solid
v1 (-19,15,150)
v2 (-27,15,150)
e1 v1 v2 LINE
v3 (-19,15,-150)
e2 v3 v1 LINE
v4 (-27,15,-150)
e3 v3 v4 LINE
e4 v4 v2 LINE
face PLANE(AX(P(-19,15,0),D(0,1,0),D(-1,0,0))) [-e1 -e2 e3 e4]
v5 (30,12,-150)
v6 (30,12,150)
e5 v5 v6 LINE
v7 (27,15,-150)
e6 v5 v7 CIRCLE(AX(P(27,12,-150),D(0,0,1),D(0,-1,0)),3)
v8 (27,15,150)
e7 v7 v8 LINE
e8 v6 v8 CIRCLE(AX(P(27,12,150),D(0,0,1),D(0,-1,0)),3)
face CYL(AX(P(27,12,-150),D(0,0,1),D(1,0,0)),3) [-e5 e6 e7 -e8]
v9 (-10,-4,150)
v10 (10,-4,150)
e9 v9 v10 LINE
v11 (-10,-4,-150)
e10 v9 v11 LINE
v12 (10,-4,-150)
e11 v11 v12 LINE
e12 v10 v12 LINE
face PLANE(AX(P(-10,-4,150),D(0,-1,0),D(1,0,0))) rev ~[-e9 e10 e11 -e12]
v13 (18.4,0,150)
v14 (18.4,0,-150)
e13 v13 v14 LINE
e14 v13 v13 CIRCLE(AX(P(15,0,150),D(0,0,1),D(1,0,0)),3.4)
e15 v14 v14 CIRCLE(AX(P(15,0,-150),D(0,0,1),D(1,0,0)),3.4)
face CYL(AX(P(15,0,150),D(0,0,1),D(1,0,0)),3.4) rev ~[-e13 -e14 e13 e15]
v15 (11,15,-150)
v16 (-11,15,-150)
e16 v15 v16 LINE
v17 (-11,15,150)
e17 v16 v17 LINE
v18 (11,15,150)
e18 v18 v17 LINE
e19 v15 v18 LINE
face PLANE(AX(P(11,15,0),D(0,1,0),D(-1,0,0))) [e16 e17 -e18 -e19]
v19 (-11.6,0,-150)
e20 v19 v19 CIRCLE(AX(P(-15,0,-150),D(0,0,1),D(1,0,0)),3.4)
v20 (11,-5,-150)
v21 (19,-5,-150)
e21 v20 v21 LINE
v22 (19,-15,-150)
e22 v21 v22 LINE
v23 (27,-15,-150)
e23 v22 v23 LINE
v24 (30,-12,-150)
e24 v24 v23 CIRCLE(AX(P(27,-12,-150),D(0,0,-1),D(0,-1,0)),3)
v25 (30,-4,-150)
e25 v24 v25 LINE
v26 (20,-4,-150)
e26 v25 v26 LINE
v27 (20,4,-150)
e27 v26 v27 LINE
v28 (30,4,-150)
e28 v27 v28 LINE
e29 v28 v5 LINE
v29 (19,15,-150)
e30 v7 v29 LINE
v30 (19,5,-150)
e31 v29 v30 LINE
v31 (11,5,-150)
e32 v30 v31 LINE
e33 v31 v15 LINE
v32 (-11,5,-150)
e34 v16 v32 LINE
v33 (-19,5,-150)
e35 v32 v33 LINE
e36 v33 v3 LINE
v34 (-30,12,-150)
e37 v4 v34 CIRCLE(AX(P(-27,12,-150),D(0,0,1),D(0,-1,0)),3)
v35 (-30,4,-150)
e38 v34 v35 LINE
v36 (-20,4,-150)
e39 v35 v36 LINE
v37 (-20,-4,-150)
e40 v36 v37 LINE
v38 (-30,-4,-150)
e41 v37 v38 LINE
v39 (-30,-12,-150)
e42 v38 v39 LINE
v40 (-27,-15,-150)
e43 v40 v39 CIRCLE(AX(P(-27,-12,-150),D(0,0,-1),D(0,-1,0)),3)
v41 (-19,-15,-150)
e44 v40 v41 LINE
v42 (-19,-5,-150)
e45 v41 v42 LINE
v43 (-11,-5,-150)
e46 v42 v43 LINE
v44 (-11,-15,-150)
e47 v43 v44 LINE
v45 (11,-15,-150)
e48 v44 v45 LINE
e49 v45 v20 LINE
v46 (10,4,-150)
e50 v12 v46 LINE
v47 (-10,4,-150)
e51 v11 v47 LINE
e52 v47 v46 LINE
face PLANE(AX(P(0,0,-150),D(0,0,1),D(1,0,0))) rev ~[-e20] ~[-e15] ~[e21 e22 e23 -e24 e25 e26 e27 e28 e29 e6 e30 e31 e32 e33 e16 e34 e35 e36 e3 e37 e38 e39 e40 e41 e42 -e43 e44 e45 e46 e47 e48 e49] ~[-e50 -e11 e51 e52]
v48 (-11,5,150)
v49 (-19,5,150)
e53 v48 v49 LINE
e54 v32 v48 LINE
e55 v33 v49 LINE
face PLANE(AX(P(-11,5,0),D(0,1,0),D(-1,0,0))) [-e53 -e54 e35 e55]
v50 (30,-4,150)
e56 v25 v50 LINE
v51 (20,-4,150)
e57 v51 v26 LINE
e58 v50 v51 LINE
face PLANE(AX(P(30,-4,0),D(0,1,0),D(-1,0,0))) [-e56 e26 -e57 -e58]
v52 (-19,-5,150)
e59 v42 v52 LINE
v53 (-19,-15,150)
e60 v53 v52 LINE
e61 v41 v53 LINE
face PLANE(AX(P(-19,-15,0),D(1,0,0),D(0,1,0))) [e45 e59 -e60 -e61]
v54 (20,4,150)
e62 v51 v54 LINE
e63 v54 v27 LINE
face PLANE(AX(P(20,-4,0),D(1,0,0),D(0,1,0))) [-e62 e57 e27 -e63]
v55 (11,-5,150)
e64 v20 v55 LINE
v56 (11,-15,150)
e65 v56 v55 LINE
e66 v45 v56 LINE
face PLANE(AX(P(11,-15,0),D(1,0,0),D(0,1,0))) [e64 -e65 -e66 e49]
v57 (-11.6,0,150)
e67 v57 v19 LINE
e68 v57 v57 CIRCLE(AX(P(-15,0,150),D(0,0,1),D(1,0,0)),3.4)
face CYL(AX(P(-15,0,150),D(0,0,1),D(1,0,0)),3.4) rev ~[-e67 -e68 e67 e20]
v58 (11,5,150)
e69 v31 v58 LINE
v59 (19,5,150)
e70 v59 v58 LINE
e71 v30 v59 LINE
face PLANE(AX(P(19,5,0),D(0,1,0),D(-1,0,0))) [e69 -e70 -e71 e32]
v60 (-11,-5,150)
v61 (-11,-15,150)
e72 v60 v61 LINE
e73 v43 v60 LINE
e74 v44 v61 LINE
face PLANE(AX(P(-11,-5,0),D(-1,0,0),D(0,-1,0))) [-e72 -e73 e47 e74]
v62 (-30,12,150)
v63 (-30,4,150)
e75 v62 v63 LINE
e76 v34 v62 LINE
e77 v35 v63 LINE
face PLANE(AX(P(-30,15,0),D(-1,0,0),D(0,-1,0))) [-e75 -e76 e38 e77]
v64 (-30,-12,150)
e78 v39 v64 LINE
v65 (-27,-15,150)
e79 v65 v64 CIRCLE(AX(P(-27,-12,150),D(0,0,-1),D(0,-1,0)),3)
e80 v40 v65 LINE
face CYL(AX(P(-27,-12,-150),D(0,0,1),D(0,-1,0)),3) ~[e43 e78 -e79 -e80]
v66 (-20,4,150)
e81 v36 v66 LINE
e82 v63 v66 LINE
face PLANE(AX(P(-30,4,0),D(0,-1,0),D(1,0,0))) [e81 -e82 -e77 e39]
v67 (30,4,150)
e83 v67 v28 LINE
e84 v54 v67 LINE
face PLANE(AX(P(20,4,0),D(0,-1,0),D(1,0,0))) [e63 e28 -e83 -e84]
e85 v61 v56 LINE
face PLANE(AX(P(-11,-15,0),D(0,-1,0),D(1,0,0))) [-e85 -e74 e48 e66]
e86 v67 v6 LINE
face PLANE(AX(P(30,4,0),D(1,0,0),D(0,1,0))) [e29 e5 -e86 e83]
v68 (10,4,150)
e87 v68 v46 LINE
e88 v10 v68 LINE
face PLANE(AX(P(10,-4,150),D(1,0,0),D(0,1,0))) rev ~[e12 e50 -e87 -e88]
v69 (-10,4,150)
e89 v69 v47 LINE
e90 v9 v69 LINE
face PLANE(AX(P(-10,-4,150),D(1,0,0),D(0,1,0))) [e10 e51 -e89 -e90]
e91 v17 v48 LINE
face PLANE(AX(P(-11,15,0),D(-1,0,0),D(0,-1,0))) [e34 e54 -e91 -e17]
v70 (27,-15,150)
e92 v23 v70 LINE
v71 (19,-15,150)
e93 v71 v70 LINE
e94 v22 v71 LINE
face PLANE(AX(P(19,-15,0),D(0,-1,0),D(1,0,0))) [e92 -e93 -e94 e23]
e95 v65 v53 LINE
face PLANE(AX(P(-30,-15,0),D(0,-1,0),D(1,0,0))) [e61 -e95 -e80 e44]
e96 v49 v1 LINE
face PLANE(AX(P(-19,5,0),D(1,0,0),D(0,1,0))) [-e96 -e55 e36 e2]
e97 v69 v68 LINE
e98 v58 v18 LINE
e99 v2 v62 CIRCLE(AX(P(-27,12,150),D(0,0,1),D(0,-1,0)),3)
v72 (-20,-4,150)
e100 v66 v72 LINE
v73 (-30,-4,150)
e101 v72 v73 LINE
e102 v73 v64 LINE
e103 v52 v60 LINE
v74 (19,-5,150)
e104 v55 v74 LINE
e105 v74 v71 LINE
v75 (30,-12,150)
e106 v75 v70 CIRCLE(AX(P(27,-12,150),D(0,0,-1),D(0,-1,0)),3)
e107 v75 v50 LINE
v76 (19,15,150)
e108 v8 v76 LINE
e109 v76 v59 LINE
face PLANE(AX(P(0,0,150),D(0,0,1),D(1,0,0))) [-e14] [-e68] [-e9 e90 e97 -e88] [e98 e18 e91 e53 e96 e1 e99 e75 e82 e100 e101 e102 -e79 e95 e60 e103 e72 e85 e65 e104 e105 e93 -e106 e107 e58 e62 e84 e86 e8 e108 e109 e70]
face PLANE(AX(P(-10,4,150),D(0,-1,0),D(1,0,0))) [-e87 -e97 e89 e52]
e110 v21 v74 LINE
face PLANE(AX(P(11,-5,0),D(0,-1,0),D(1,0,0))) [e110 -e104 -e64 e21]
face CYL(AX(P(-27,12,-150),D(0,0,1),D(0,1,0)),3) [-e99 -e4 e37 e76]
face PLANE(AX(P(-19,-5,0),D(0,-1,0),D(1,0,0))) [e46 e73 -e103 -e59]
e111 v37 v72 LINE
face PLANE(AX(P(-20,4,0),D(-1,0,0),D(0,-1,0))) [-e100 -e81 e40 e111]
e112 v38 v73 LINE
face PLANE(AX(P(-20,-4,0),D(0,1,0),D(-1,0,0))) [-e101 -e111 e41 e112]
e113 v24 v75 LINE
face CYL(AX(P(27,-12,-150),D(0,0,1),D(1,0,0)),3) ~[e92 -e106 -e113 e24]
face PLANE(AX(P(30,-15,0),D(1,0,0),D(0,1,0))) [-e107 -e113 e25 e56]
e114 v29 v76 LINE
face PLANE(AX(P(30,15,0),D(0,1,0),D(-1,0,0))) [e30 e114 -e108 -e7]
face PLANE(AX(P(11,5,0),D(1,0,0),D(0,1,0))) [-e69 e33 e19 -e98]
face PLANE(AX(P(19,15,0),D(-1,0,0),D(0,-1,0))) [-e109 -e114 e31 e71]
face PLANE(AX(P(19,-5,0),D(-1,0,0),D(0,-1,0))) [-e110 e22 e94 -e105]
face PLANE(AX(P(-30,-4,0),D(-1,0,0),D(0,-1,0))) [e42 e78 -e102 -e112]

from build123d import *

# Parameters (mm, degrees)
F1_DEPTH = 150
F2_W     = 20
F2_H     = 8
F2_R     = 3.4
F3_DEPTH = 300
F4_R     = 3


with BuildPart() as f1:
    # F0 (on Top) → F1 (new body, symmetric)
    with BuildSketch(Plane.XY):
        Polygon((30, 4), (30, 15), (19, 15), (19, 5), (11, 5), (11, 15), (-11, 15), (-11, 5), (-19, 5), (-19, 15), (-30, 15), (-30, 4), (-20, 4), (-20, -4), (-30, -4), (-30, -15), (-19, -15), (-19, -5), (-11, -5), (-11, -15), (11, -15), (11, -5), (19, -5), (19, -15), (30, -15), (30, -4), (20, -4), (20, 4), align=None)
    extrude(amount=F1_DEPTH, both=True)

    # F2 (on face) → F3 (cut)
    with BuildSketch(Plane.XY.offset(150)):
        Rectangle(F2_W, F2_H)
        with Locations((-15, 0)):
            Circle(F2_R)
        with Locations((15, 0)):
            Circle(F2_R)
    extrude(amount=-F3_DEPTH, mode=Mode.SUBTRACT)

    # F4
    f4_edges = [f1.edges().sort_by_distance(p)[0] for p in [
        (30, -15, 0),
        (30, 15, 0),
        (-30, -15, 0),
        (-30, 15, 0),
    ]]
    fillet(f4_edges, radius=F4_R)


solid = f1.part
